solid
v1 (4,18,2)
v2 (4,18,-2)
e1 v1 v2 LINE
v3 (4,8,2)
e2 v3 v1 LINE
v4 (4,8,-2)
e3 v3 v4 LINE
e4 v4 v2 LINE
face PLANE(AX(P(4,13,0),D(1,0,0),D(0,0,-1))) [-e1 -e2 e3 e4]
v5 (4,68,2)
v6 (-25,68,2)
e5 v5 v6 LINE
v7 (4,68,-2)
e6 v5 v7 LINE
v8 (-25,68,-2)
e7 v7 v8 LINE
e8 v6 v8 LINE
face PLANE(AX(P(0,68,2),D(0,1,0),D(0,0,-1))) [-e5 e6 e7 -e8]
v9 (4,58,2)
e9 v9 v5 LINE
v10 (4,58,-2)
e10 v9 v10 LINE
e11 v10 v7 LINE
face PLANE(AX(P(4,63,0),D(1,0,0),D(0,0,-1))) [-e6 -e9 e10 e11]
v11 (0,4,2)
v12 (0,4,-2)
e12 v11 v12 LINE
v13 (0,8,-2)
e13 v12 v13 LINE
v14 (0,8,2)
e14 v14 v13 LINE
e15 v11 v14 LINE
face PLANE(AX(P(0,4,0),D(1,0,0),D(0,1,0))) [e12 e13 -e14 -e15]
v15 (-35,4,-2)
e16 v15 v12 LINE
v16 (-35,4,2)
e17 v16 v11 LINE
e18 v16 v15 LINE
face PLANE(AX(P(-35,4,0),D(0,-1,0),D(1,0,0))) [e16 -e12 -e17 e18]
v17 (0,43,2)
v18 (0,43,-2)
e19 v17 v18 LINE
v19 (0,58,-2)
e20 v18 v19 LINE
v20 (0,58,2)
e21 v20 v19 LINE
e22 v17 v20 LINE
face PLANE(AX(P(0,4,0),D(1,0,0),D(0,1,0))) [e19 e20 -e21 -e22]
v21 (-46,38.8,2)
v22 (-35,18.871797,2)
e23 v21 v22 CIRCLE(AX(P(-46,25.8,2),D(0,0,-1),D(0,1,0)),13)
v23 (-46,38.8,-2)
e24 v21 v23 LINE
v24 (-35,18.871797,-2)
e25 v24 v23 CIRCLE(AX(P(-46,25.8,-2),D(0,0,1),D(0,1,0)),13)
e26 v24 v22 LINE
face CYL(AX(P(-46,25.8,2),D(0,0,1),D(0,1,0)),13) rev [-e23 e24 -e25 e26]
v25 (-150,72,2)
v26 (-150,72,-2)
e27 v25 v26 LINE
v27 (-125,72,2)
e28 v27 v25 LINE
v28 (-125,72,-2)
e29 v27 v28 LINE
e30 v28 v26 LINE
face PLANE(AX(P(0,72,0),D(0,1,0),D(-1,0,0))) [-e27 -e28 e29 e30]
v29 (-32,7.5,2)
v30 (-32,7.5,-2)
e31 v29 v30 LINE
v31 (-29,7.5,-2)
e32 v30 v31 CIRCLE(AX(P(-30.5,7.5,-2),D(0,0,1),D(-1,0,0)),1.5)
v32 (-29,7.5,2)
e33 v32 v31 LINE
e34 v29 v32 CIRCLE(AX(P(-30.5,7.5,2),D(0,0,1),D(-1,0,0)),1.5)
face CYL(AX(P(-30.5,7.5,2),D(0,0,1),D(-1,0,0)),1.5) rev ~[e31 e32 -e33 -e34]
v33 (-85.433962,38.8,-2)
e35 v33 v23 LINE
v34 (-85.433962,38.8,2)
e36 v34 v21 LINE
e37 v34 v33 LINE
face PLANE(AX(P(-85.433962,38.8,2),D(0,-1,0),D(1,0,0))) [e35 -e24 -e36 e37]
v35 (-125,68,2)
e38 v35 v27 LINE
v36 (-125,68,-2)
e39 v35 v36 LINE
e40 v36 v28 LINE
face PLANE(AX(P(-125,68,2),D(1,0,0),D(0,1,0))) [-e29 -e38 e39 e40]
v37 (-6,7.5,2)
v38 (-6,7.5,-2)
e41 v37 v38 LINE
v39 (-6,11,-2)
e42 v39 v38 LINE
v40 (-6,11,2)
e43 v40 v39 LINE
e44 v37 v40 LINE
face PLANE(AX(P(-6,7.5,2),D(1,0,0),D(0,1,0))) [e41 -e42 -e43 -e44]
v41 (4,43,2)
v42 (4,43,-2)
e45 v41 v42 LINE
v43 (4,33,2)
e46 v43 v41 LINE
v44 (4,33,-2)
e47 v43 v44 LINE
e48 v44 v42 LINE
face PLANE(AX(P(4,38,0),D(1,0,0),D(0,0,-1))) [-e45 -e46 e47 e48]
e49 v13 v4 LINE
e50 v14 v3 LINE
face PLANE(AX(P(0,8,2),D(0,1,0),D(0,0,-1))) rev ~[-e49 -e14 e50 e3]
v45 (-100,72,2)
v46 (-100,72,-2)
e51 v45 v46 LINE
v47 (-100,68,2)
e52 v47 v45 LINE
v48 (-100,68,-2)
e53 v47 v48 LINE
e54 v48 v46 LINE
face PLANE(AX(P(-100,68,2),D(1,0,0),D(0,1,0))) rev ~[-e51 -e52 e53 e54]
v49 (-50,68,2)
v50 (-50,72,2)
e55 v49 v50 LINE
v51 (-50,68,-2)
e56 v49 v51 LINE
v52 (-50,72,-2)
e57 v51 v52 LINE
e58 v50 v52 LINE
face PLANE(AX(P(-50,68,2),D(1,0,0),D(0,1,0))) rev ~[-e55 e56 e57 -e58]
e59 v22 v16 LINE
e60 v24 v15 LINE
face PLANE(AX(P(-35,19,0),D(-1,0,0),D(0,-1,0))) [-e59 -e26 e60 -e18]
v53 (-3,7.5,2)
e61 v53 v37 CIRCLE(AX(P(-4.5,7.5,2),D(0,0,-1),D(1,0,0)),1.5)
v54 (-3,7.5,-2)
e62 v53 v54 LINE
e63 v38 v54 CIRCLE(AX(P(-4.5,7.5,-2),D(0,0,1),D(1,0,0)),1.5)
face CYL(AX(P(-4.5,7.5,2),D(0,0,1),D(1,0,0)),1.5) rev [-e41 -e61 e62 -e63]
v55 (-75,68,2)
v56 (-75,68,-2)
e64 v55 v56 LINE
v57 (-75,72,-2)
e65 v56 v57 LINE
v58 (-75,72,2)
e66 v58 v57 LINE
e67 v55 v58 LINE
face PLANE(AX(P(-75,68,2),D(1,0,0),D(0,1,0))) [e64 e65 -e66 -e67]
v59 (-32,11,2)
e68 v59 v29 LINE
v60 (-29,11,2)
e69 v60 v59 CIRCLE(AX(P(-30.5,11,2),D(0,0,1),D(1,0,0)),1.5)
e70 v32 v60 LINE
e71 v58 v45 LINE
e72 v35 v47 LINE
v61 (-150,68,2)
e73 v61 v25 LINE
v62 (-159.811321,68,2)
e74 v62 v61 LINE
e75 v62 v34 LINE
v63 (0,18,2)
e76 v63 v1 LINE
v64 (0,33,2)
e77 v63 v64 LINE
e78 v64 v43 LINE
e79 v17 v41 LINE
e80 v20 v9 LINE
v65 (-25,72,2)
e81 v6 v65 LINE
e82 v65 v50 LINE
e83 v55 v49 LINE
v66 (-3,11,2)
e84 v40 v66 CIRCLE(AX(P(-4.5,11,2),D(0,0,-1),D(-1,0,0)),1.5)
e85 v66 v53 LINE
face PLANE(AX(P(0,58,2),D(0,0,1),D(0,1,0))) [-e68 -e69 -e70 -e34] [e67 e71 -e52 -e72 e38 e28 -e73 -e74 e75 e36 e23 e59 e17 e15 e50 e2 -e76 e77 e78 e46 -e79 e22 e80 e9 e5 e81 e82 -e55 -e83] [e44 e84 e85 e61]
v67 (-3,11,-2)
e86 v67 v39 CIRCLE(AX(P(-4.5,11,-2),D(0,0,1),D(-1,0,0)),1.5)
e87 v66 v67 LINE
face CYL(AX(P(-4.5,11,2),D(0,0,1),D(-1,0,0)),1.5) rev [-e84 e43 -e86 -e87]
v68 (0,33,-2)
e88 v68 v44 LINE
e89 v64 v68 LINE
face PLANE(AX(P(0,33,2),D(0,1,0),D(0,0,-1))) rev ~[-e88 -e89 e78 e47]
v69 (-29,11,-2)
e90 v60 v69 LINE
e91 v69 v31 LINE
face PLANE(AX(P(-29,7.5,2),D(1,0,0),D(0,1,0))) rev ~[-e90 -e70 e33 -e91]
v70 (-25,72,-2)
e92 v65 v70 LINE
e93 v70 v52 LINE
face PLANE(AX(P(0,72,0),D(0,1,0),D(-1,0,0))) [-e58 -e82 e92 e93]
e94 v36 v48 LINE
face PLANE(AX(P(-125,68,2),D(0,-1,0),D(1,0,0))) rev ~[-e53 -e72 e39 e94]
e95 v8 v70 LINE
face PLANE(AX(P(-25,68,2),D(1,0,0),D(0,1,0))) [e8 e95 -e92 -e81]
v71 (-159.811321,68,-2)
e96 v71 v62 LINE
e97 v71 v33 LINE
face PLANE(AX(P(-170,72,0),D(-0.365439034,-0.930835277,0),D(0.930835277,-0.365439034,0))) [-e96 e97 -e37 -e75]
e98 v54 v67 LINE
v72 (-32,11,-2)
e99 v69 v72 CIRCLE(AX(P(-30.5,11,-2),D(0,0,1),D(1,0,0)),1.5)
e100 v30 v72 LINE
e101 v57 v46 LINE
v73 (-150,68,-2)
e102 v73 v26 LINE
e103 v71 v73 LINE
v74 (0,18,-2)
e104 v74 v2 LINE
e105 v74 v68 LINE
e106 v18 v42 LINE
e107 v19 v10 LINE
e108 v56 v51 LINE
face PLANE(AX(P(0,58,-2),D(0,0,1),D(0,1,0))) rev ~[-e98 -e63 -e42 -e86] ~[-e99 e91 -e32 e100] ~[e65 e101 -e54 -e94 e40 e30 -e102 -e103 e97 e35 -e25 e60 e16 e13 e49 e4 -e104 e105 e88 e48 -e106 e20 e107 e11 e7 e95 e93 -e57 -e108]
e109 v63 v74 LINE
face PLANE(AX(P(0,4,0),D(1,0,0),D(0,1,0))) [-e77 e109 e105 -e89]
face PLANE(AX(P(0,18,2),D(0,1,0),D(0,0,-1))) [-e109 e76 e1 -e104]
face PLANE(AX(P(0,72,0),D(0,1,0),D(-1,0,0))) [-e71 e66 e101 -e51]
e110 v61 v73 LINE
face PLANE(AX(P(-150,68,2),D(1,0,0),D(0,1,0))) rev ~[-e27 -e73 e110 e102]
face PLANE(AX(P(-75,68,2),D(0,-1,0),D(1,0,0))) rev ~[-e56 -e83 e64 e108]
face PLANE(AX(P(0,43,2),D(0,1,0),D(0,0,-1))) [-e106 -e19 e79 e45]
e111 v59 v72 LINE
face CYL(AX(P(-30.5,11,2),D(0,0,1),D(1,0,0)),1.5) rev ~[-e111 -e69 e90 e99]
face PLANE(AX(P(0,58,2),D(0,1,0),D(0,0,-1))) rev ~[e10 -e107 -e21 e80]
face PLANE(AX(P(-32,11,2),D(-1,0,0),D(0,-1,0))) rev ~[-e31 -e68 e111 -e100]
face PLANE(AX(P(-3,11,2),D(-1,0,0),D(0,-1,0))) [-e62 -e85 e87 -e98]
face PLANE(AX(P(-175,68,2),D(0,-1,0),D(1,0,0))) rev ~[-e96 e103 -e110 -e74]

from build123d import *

# Parameters (mm, degrees)
BOSS_EXTRUDE1_DEPTH = 2
CUT_EXTRUDE1_REACH  = 186.662
SKETCH3_W           = 25
SKETCH3_H           = 4
CUT_EXTRUDE2_DEPTH  = 185.661853126
SKETCH4_W           = 4
SKETCH4_H           = 10
BOSS_EXTRUDE2_DEPTH = 4
CUT_EXTRUDE3_DEPTH  = 176.327288924


with BuildPart() as part:
    # Sketch1 → Boss-Extrude1 (new, symmetric)
    with BuildSketch(Plane.XY):
        Polygon((0, 4), (0, 72), (-170, 72), (-35, 19), (-35, 4), align=None)
    extrude(amount=BOSS_EXTRUDE1_DEPTH, both=True)

    # Sketch2 → Cut-Extrude1 (cut, up to next)
    with BuildSketch(Plane.XY.offset(2), mode=Mode.PRIVATE) as cut_extrude1_sk1:
        with BuildLine():
            Line((-3, 11), (-3, 7.5))
            ThreePointArc((-3, 7.5), (-4.5, 6), (-6, 7.5))
            Line((-6, 7.5), (-6, 11))
            ThreePointArc((-6, 11), (-4.5, 12.5), (-3, 11))
        make_face()
    cut_extrude1_tool1 = extrude(cut_extrude1_sk1.sketch, amount=-CUT_EXTRUDE1_REACH, mode=Mode.PRIVATE) & part.part
    # Sketch2 → Cut-Extrude1 (cut, up to next)
    with BuildSketch(Plane.XY.offset(2), mode=Mode.PRIVATE) as cut_extrude1_sk2:
        with BuildLine():
            Line((-32, 11), (-32, 7.5))
            ThreePointArc((-32, 7.5), (-30.5, 6), (-29, 7.5))
            Line((-29, 7.5), (-29, 11))
            ThreePointArc((-29, 11), (-30.5, 12.5), (-32, 11))
        make_face()
    cut_extrude1_tool2 = extrude(cut_extrude1_sk2.sketch, amount=-CUT_EXTRUDE1_REACH, mode=Mode.PRIVATE) & part.part
    add(cut_extrude1_tool1.solids().sort_by_distance((-4.5, 9.25, 2))[0], mode=Mode.SUBTRACT)
    add(cut_extrude1_tool2.solids().sort_by_distance((-30.5, 9.25, 2))[0], mode=Mode.SUBTRACT)

    # Sketch3 → Cut-Extrude2 (cut, through all)
    with BuildSketch(Plane.XY.offset(2)):
        with Locations((-62.5, 70)):
            Rectangle(SKETCH3_W, SKETCH3_H)
        with Locations((-12.5, 70)):
            Rectangle(SKETCH3_W, SKETCH3_H)
        with Locations((-112.5, 70)):
            Rectangle(SKETCH3_W, SKETCH3_H)
        with Locations((-162.5, 70)):
            Rectangle(SKETCH3_W, SKETCH3_H)
        with Locations((-212.5, 70)):
            Rectangle(SKETCH3_W, SKETCH3_H)
        with Locations((-262.5, 70)):
            Rectangle(SKETCH3_W, SKETCH3_H)
        with Locations((-312.5, 70)):
            Rectangle(SKETCH3_W, SKETCH3_H)
        with Locations((-362.5, 70)):
            Rectangle(SKETCH3_W, SKETCH3_H)
        with Locations((-412.5, 70)):
            Rectangle(SKETCH3_W, SKETCH3_H)
        with Locations((-462.5, 70)):
            Rectangle(SKETCH3_W, SKETCH3_H)
    extrude(amount=-CUT_EXTRUDE2_DEPTH, mode=Mode.SUBTRACT)

    # Sketch4 → Boss-Extrude2 (add)
    with BuildSketch(Plane(origin=(0, 0, 0), x_dir=(0, 0, -1), z_dir=(1, 0, 0))):
        with Locations((0, 63)):
            Rectangle(SKETCH4_W, SKETCH4_H)
        with Locations((0, 38)):
            Rectangle(SKETCH4_W, SKETCH4_H)
        with Locations((0, 13)):
            Rectangle(SKETCH4_W, SKETCH4_H)
    extrude(amount=BOSS_EXTRUDE2_DEPTH)

    # Sketch5 → Cut-Extrude3 (cut, through all)
    with BuildSketch(Plane.XY.offset(2)):
        with BuildLine():
            Line((-85.433962264, 38.8), (-46, 38.8))
            ThreePointArc((-46, 38.8), (-33, 25.8), (-46, 12.8))
            Line((-46, 12.8), (-85.433962264, 12.8))
            ThreePointArc((-85.433962264, 12.8), (-98.433962264, 25.8), (-85.433962264, 38.8))
        make_face()
    extrude(amount=-CUT_EXTRUDE3_DEPTH, mode=Mode.SUBTRACT)


solid = part.part
